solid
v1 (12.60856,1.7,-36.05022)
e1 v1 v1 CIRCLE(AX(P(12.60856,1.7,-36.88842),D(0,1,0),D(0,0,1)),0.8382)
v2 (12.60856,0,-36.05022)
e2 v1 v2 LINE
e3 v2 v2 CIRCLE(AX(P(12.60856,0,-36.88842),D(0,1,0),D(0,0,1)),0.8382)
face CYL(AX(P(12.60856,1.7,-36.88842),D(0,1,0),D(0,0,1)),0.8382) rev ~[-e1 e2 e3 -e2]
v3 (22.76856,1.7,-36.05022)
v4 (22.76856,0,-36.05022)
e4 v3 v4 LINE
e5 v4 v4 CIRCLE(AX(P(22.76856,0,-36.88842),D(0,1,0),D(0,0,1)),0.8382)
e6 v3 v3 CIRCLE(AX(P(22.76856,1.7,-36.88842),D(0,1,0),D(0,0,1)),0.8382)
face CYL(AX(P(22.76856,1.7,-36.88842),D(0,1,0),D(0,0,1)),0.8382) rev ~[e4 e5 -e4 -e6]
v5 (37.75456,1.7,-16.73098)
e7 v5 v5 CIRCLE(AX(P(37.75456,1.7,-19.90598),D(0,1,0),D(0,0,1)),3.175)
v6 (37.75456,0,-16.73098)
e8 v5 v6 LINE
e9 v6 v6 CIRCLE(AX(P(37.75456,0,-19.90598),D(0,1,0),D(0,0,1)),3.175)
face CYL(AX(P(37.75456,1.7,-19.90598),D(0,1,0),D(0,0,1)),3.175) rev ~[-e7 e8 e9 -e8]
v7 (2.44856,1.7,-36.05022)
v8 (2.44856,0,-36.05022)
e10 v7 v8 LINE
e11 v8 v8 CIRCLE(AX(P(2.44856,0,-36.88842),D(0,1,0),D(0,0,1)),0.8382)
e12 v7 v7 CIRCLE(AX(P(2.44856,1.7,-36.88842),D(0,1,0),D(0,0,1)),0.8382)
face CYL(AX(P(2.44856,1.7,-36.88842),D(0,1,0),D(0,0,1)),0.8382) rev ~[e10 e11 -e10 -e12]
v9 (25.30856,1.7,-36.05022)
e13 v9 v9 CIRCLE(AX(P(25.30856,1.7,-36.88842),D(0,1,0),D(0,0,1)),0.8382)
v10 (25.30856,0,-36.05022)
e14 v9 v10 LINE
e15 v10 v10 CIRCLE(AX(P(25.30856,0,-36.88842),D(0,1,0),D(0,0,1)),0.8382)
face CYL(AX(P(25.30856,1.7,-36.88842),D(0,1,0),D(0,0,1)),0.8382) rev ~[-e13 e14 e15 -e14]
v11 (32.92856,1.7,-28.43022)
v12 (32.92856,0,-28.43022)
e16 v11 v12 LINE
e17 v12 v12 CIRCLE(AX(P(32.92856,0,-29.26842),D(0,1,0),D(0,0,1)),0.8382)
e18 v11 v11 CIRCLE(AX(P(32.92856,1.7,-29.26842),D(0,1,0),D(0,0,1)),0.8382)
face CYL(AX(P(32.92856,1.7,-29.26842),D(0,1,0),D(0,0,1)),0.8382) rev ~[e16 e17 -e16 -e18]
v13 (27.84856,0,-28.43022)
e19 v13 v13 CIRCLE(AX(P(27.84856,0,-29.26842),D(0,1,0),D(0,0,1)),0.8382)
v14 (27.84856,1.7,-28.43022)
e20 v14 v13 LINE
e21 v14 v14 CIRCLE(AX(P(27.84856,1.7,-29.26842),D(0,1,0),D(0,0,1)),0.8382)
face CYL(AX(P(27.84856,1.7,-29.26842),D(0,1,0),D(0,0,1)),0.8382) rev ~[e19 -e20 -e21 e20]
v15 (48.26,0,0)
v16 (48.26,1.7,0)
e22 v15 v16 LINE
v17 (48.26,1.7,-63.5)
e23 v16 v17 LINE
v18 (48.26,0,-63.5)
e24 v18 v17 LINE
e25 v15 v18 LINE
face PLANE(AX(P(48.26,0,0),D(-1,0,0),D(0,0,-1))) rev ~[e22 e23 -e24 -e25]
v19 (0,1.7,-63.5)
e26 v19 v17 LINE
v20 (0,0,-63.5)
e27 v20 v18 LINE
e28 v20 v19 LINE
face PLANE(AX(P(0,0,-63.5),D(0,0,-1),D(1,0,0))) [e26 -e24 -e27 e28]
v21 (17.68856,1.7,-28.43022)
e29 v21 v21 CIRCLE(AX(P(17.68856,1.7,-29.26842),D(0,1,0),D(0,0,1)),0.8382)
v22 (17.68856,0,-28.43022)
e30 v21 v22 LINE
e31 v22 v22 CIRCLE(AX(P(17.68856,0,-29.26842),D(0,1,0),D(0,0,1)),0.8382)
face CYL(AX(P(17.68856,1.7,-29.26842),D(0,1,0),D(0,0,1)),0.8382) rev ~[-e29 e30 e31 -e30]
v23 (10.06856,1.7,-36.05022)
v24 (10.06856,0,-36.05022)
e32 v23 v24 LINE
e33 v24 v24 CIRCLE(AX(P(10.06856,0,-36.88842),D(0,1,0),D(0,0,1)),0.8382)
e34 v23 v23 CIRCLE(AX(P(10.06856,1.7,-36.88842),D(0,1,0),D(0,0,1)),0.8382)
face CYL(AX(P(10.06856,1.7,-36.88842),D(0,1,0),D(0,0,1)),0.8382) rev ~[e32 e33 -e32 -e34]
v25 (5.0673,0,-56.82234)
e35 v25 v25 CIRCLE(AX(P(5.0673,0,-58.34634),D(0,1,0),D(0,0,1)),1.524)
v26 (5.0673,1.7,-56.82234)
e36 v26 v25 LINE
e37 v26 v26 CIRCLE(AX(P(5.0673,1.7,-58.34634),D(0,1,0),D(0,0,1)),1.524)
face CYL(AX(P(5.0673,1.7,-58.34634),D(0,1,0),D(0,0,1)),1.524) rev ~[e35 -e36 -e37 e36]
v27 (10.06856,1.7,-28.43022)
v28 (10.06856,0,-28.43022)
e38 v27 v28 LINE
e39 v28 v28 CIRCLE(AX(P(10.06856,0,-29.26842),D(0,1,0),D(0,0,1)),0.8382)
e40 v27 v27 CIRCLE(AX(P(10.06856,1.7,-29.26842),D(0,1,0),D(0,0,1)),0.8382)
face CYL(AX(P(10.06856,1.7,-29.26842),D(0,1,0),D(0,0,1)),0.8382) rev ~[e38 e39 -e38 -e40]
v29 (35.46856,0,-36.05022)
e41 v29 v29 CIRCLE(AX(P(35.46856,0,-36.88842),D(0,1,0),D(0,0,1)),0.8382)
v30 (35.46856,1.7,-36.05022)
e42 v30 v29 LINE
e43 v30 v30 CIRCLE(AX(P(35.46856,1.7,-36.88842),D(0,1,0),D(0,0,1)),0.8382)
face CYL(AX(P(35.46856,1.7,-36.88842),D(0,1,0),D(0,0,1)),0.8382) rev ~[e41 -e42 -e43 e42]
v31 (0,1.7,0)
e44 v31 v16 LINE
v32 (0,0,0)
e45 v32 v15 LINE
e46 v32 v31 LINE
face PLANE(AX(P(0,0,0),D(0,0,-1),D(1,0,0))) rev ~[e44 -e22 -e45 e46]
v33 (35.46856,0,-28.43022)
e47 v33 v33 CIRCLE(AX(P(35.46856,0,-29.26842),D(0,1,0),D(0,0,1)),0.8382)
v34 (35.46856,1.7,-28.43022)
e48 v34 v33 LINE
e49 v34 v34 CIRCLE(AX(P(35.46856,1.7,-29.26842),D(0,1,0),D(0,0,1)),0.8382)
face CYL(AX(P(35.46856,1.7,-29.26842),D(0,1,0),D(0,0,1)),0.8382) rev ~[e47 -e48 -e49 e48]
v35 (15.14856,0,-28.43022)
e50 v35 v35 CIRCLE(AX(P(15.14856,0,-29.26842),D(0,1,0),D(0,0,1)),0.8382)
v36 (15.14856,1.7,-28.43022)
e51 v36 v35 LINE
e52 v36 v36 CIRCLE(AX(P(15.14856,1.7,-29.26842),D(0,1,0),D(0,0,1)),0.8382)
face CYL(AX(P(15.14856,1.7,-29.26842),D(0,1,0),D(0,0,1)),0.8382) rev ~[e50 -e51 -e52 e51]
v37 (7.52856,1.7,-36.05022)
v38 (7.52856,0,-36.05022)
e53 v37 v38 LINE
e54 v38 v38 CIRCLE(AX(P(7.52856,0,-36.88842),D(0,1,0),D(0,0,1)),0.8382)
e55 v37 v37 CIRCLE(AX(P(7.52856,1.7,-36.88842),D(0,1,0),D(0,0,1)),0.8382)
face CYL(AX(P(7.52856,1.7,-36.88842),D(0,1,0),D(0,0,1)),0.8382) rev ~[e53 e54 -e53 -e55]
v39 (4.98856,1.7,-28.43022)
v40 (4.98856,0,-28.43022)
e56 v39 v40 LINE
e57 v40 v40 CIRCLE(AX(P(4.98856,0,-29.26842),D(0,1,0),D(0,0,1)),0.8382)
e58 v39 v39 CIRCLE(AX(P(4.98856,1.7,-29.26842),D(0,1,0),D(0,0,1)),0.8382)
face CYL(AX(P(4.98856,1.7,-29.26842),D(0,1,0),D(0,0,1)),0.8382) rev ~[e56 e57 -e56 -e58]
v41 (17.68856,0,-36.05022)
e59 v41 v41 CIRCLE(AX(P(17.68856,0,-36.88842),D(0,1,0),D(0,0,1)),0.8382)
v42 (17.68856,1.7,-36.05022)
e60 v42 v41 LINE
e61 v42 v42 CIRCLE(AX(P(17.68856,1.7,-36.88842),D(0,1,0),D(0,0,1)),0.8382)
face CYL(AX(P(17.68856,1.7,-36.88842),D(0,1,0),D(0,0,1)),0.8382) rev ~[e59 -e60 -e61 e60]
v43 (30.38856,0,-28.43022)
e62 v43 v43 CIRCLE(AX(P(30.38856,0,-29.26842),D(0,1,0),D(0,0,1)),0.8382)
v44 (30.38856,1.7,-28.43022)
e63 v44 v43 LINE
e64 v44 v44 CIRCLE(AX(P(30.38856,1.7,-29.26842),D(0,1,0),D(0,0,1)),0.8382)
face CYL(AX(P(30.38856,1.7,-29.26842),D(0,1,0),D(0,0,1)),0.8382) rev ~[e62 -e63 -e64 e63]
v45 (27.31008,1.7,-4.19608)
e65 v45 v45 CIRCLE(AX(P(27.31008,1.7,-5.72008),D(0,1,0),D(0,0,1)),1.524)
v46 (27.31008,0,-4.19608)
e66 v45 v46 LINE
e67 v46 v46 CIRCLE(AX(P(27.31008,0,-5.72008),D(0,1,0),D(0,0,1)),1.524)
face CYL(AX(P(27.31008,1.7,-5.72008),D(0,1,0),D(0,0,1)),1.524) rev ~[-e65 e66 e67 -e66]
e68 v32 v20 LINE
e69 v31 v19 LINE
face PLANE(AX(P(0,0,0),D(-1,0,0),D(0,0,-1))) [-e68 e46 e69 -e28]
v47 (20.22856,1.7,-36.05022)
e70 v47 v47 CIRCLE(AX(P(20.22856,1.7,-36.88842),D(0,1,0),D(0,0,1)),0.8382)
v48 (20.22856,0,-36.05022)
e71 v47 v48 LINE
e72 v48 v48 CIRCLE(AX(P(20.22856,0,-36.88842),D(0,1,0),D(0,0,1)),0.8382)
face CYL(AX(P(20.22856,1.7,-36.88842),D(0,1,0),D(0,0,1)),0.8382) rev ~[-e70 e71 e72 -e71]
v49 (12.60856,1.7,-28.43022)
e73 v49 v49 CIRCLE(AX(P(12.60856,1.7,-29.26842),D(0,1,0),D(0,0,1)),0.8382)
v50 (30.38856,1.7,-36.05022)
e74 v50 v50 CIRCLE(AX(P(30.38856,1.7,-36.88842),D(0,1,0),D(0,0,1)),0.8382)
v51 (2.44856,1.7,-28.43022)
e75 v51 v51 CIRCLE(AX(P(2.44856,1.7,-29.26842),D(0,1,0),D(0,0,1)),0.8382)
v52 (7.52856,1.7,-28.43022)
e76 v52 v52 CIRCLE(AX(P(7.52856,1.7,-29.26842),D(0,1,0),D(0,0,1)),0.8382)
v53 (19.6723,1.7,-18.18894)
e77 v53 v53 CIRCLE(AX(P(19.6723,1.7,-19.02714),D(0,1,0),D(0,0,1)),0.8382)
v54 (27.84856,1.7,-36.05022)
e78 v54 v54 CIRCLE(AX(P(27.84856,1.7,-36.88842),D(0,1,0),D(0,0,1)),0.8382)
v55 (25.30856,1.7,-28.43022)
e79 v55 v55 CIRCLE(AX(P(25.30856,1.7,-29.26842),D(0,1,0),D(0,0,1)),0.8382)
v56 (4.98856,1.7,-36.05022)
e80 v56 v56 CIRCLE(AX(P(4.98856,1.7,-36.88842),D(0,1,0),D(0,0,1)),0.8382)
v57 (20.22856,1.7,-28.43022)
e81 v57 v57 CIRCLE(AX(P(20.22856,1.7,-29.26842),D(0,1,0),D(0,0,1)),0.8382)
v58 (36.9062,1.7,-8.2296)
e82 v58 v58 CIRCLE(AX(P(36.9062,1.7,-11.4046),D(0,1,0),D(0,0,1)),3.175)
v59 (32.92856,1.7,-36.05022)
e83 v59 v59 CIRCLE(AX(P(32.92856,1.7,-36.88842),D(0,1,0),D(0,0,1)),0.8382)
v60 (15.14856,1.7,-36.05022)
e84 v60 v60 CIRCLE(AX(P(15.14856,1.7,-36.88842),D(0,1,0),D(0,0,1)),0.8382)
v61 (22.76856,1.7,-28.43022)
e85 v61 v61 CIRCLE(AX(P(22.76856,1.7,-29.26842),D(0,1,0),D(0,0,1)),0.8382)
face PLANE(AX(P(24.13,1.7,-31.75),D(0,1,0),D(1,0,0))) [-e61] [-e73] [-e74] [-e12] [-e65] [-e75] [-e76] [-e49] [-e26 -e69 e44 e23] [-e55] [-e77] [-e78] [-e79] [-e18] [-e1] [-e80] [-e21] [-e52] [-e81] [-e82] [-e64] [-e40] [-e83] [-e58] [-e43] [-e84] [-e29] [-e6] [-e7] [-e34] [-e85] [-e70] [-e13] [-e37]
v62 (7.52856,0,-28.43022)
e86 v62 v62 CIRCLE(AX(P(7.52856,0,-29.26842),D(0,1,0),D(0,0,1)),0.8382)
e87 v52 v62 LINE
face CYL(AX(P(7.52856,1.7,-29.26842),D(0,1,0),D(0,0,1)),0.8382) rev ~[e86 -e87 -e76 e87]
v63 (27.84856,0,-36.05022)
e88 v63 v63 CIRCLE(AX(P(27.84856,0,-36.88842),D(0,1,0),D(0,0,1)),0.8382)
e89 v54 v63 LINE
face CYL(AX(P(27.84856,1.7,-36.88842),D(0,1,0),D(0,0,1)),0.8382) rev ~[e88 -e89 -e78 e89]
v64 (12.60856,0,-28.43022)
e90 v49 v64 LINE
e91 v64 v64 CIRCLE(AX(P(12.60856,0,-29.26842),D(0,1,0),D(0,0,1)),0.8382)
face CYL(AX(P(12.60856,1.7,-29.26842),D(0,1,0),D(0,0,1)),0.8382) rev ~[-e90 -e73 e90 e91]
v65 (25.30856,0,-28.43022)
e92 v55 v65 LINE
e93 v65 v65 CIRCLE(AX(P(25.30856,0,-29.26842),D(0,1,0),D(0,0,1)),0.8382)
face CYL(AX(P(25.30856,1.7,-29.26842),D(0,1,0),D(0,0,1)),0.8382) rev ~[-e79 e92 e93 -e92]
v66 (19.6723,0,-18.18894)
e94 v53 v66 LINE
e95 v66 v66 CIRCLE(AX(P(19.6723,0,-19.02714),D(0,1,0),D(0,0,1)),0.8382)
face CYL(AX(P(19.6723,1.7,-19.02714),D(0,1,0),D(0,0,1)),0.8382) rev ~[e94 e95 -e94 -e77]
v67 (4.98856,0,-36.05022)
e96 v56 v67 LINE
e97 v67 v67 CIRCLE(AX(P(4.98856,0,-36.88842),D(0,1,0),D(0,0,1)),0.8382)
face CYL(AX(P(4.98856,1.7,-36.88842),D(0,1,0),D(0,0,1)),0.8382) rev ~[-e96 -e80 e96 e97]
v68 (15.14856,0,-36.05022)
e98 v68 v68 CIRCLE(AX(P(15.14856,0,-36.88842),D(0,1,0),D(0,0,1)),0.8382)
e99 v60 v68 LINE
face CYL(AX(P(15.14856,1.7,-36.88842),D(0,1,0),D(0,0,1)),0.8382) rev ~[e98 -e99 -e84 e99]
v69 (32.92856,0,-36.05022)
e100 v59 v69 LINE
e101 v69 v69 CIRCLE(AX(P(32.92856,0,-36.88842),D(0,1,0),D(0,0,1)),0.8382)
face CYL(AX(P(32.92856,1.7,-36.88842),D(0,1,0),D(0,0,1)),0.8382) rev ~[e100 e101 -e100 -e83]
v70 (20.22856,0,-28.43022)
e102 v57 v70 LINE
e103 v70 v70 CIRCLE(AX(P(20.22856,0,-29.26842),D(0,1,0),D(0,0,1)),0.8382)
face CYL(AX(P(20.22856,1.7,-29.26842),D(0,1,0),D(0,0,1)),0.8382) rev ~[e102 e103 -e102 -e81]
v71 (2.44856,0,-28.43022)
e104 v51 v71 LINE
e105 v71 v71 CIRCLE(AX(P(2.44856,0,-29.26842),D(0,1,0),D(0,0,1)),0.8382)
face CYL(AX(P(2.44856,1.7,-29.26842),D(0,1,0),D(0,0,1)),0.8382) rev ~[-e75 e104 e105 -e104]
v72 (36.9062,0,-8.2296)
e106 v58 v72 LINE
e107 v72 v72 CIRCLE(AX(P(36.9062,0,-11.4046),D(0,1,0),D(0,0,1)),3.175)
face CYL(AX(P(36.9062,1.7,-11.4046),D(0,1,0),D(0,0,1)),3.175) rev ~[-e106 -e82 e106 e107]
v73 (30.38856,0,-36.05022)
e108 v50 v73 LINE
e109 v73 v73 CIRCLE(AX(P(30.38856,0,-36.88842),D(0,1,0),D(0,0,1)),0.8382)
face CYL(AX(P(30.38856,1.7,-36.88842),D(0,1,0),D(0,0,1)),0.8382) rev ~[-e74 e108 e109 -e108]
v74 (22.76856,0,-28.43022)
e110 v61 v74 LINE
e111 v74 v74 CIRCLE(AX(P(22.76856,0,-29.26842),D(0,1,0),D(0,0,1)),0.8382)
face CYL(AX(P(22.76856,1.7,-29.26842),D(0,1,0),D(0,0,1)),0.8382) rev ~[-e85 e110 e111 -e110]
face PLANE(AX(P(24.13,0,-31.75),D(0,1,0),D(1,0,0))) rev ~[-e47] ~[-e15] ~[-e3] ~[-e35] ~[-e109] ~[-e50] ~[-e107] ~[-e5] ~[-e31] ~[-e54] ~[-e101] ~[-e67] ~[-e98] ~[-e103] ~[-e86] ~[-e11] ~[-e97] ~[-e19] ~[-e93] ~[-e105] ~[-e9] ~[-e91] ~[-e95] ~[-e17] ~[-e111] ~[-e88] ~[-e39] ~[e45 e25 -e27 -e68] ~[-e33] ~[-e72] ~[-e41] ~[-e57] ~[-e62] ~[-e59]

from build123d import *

# Parameters (mm, degrees)
SKETCH1_W           = 48.26
SKETCH1_H           = 63.5
BOSS_EXTRUDE1_DEPTH = 1.7
SKETCH3_R           = 3.175
SKETCH3_R_2         = 0.8382
SKETCH3_R_3         = 1.524
CUT_EXTRUDE1_DEPTH  = 80.775733152


with BuildPart() as part:
    # Sketch1 → Boss-Extrude1 (new body)
    with BuildSketch(Plane(origin=(0, 0, 0), x_dir=(1, 0, 0), z_dir=(0, 1, 0))):
        with Locations((24.13, 31.75)):
            Rectangle(SKETCH1_W, SKETCH1_H)
    extrude(amount=BOSS_EXTRUDE1_DEPTH)

    # Sketch3 → Cut-Extrude1 (cut, through all)
    with BuildSketch(Plane(origin=(0, 1.7, 0), x_dir=(1, 0, 0), z_dir=(0, 1, 0))):
        with Locations(Location((37.75456, 19.90598, 0), (0, 0, 270))):
            Circle(SKETCH3_R)
        with Locations(Location((36.9062, 11.4046, 0), (0, 0, 270))):
            Circle(SKETCH3_R)
        with Locations(Location((2.44856, 29.26842, 0), (0, 0, 270))):
            Circle(SKETCH3_R_2)
        with Locations(Location((4.98856, 29.26842, 0), (0, 0, 270))):
            Circle(SKETCH3_R_2)
        with Locations(Location((7.52856, 29.26842, 0), (0, 0, 270))):
            Circle(SKETCH3_R_2)
        with Locations(Location((10.06856, 29.26842, 0), (0, 0, 270))):
            Circle(SKETCH3_R_2)
        with Locations(Location((12.60856, 29.26842, 0), (0, 0, 270))):
            Circle(SKETCH3_R_2)
        with Locations(Location((15.14856, 29.26842, 0), (0, 0, 270))):
            Circle(SKETCH3_R_2)
        with Locations(Location((17.68856, 29.26842, 0), (0, 0, 270))):
            Circle(SKETCH3_R_2)
        with Locations(Location((20.22856, 29.26842, 0), (0, 0, 270))):
            Circle(SKETCH3_R_2)
        with Locations(Location((22.76856, 29.26842, 0), (0, 0, 270))):
            Circle(SKETCH3_R_2)
        with Locations(Location((25.30856, 29.26842, 0), (0, 0, 270))):
            Circle(SKETCH3_R_2)
        with Locations(Location((27.84856, 29.26842, 0), (0, 0, 270))):
            Circle(SKETCH3_R_2)
        with Locations(Location((30.38856, 29.26842, 0), (0, 0, 270))):
            Circle(SKETCH3_R_2)
        with Locations(Location((32.92856, 29.26842, 0), (0, 0, 270))):
            Circle(SKETCH3_R_2)
        with Locations(Location((35.46856, 29.26842, 0), (0, 0, 270))):
            Circle(SKETCH3_R_2)
        with Locations(Location((4.98856, 36.88842, 0), (0, 0, 270))):
            Circle(SKETCH3_R_2)
        with Locations(Location((7.52856, 36.88842, 0), (0, 0, 270))):
            Circle(SKETCH3_R_2)
        with Locations(Location((10.06856, 36.88842, 0), (0, 0, 270))):
            Circle(SKETCH3_R_2)
        with Locations(Location((12.60856, 36.88842, 0), (0, 0, 270))):
            Circle(SKETCH3_R_2)
        with Locations(Location((15.14856, 36.88842, 0), (0, 0, 270))):
            Circle(SKETCH3_R_2)
        with Locations(Location((17.68856, 36.88842, 0), (0, 0, 270))):
            Circle(SKETCH3_R_2)
        with Locations(Location((20.22856, 36.88842, 0), (0, 0, 270))):
            Circle(SKETCH3_R_2)
        with Locations(Location((22.76856, 36.88842, 0), (0, 0, 270))):
            Circle(SKETCH3_R_2)
        with Locations(Location((25.30856, 36.88842, 0), (0, 0, 270))):
            Circle(SKETCH3_R_2)
        with Locations(Location((27.84856, 36.88842, 0), (0, 0, 270))):
            Circle(SKETCH3_R_2)
        with Locations(Location((30.38856, 36.88842, 0), (0, 0, 270))):
            Circle(SKETCH3_R_2)
        with Locations(Location((32.92856, 36.88842, 0), (0, 0, 270))):
            Circle(SKETCH3_R_2)
        with Locations(Location((35.46856, 36.88842, 0), (0, 0, 270))):
            Circle(SKETCH3_R_2)
        with Locations(Location((2.44856, 36.88842, 0), (0, 0, 270))):
            Circle(SKETCH3_R_2)
        with Locations(Location((27.31008, 5.72008, 0), (0, 0, 270))):
            Circle(SKETCH3_R_3)
        with Locations(Location((5.0673, 58.34634, 0), (0, 0, 270))):
            Circle(SKETCH3_R_3)
        with Locations(Location((19.6723, 19.02714, 0), (0, 0, 270))):
            Circle(SKETCH3_R_2)
    extrude(amount=-CUT_EXTRUDE1_DEPTH, mode=Mode.SUBTRACT)


solid = part.part
